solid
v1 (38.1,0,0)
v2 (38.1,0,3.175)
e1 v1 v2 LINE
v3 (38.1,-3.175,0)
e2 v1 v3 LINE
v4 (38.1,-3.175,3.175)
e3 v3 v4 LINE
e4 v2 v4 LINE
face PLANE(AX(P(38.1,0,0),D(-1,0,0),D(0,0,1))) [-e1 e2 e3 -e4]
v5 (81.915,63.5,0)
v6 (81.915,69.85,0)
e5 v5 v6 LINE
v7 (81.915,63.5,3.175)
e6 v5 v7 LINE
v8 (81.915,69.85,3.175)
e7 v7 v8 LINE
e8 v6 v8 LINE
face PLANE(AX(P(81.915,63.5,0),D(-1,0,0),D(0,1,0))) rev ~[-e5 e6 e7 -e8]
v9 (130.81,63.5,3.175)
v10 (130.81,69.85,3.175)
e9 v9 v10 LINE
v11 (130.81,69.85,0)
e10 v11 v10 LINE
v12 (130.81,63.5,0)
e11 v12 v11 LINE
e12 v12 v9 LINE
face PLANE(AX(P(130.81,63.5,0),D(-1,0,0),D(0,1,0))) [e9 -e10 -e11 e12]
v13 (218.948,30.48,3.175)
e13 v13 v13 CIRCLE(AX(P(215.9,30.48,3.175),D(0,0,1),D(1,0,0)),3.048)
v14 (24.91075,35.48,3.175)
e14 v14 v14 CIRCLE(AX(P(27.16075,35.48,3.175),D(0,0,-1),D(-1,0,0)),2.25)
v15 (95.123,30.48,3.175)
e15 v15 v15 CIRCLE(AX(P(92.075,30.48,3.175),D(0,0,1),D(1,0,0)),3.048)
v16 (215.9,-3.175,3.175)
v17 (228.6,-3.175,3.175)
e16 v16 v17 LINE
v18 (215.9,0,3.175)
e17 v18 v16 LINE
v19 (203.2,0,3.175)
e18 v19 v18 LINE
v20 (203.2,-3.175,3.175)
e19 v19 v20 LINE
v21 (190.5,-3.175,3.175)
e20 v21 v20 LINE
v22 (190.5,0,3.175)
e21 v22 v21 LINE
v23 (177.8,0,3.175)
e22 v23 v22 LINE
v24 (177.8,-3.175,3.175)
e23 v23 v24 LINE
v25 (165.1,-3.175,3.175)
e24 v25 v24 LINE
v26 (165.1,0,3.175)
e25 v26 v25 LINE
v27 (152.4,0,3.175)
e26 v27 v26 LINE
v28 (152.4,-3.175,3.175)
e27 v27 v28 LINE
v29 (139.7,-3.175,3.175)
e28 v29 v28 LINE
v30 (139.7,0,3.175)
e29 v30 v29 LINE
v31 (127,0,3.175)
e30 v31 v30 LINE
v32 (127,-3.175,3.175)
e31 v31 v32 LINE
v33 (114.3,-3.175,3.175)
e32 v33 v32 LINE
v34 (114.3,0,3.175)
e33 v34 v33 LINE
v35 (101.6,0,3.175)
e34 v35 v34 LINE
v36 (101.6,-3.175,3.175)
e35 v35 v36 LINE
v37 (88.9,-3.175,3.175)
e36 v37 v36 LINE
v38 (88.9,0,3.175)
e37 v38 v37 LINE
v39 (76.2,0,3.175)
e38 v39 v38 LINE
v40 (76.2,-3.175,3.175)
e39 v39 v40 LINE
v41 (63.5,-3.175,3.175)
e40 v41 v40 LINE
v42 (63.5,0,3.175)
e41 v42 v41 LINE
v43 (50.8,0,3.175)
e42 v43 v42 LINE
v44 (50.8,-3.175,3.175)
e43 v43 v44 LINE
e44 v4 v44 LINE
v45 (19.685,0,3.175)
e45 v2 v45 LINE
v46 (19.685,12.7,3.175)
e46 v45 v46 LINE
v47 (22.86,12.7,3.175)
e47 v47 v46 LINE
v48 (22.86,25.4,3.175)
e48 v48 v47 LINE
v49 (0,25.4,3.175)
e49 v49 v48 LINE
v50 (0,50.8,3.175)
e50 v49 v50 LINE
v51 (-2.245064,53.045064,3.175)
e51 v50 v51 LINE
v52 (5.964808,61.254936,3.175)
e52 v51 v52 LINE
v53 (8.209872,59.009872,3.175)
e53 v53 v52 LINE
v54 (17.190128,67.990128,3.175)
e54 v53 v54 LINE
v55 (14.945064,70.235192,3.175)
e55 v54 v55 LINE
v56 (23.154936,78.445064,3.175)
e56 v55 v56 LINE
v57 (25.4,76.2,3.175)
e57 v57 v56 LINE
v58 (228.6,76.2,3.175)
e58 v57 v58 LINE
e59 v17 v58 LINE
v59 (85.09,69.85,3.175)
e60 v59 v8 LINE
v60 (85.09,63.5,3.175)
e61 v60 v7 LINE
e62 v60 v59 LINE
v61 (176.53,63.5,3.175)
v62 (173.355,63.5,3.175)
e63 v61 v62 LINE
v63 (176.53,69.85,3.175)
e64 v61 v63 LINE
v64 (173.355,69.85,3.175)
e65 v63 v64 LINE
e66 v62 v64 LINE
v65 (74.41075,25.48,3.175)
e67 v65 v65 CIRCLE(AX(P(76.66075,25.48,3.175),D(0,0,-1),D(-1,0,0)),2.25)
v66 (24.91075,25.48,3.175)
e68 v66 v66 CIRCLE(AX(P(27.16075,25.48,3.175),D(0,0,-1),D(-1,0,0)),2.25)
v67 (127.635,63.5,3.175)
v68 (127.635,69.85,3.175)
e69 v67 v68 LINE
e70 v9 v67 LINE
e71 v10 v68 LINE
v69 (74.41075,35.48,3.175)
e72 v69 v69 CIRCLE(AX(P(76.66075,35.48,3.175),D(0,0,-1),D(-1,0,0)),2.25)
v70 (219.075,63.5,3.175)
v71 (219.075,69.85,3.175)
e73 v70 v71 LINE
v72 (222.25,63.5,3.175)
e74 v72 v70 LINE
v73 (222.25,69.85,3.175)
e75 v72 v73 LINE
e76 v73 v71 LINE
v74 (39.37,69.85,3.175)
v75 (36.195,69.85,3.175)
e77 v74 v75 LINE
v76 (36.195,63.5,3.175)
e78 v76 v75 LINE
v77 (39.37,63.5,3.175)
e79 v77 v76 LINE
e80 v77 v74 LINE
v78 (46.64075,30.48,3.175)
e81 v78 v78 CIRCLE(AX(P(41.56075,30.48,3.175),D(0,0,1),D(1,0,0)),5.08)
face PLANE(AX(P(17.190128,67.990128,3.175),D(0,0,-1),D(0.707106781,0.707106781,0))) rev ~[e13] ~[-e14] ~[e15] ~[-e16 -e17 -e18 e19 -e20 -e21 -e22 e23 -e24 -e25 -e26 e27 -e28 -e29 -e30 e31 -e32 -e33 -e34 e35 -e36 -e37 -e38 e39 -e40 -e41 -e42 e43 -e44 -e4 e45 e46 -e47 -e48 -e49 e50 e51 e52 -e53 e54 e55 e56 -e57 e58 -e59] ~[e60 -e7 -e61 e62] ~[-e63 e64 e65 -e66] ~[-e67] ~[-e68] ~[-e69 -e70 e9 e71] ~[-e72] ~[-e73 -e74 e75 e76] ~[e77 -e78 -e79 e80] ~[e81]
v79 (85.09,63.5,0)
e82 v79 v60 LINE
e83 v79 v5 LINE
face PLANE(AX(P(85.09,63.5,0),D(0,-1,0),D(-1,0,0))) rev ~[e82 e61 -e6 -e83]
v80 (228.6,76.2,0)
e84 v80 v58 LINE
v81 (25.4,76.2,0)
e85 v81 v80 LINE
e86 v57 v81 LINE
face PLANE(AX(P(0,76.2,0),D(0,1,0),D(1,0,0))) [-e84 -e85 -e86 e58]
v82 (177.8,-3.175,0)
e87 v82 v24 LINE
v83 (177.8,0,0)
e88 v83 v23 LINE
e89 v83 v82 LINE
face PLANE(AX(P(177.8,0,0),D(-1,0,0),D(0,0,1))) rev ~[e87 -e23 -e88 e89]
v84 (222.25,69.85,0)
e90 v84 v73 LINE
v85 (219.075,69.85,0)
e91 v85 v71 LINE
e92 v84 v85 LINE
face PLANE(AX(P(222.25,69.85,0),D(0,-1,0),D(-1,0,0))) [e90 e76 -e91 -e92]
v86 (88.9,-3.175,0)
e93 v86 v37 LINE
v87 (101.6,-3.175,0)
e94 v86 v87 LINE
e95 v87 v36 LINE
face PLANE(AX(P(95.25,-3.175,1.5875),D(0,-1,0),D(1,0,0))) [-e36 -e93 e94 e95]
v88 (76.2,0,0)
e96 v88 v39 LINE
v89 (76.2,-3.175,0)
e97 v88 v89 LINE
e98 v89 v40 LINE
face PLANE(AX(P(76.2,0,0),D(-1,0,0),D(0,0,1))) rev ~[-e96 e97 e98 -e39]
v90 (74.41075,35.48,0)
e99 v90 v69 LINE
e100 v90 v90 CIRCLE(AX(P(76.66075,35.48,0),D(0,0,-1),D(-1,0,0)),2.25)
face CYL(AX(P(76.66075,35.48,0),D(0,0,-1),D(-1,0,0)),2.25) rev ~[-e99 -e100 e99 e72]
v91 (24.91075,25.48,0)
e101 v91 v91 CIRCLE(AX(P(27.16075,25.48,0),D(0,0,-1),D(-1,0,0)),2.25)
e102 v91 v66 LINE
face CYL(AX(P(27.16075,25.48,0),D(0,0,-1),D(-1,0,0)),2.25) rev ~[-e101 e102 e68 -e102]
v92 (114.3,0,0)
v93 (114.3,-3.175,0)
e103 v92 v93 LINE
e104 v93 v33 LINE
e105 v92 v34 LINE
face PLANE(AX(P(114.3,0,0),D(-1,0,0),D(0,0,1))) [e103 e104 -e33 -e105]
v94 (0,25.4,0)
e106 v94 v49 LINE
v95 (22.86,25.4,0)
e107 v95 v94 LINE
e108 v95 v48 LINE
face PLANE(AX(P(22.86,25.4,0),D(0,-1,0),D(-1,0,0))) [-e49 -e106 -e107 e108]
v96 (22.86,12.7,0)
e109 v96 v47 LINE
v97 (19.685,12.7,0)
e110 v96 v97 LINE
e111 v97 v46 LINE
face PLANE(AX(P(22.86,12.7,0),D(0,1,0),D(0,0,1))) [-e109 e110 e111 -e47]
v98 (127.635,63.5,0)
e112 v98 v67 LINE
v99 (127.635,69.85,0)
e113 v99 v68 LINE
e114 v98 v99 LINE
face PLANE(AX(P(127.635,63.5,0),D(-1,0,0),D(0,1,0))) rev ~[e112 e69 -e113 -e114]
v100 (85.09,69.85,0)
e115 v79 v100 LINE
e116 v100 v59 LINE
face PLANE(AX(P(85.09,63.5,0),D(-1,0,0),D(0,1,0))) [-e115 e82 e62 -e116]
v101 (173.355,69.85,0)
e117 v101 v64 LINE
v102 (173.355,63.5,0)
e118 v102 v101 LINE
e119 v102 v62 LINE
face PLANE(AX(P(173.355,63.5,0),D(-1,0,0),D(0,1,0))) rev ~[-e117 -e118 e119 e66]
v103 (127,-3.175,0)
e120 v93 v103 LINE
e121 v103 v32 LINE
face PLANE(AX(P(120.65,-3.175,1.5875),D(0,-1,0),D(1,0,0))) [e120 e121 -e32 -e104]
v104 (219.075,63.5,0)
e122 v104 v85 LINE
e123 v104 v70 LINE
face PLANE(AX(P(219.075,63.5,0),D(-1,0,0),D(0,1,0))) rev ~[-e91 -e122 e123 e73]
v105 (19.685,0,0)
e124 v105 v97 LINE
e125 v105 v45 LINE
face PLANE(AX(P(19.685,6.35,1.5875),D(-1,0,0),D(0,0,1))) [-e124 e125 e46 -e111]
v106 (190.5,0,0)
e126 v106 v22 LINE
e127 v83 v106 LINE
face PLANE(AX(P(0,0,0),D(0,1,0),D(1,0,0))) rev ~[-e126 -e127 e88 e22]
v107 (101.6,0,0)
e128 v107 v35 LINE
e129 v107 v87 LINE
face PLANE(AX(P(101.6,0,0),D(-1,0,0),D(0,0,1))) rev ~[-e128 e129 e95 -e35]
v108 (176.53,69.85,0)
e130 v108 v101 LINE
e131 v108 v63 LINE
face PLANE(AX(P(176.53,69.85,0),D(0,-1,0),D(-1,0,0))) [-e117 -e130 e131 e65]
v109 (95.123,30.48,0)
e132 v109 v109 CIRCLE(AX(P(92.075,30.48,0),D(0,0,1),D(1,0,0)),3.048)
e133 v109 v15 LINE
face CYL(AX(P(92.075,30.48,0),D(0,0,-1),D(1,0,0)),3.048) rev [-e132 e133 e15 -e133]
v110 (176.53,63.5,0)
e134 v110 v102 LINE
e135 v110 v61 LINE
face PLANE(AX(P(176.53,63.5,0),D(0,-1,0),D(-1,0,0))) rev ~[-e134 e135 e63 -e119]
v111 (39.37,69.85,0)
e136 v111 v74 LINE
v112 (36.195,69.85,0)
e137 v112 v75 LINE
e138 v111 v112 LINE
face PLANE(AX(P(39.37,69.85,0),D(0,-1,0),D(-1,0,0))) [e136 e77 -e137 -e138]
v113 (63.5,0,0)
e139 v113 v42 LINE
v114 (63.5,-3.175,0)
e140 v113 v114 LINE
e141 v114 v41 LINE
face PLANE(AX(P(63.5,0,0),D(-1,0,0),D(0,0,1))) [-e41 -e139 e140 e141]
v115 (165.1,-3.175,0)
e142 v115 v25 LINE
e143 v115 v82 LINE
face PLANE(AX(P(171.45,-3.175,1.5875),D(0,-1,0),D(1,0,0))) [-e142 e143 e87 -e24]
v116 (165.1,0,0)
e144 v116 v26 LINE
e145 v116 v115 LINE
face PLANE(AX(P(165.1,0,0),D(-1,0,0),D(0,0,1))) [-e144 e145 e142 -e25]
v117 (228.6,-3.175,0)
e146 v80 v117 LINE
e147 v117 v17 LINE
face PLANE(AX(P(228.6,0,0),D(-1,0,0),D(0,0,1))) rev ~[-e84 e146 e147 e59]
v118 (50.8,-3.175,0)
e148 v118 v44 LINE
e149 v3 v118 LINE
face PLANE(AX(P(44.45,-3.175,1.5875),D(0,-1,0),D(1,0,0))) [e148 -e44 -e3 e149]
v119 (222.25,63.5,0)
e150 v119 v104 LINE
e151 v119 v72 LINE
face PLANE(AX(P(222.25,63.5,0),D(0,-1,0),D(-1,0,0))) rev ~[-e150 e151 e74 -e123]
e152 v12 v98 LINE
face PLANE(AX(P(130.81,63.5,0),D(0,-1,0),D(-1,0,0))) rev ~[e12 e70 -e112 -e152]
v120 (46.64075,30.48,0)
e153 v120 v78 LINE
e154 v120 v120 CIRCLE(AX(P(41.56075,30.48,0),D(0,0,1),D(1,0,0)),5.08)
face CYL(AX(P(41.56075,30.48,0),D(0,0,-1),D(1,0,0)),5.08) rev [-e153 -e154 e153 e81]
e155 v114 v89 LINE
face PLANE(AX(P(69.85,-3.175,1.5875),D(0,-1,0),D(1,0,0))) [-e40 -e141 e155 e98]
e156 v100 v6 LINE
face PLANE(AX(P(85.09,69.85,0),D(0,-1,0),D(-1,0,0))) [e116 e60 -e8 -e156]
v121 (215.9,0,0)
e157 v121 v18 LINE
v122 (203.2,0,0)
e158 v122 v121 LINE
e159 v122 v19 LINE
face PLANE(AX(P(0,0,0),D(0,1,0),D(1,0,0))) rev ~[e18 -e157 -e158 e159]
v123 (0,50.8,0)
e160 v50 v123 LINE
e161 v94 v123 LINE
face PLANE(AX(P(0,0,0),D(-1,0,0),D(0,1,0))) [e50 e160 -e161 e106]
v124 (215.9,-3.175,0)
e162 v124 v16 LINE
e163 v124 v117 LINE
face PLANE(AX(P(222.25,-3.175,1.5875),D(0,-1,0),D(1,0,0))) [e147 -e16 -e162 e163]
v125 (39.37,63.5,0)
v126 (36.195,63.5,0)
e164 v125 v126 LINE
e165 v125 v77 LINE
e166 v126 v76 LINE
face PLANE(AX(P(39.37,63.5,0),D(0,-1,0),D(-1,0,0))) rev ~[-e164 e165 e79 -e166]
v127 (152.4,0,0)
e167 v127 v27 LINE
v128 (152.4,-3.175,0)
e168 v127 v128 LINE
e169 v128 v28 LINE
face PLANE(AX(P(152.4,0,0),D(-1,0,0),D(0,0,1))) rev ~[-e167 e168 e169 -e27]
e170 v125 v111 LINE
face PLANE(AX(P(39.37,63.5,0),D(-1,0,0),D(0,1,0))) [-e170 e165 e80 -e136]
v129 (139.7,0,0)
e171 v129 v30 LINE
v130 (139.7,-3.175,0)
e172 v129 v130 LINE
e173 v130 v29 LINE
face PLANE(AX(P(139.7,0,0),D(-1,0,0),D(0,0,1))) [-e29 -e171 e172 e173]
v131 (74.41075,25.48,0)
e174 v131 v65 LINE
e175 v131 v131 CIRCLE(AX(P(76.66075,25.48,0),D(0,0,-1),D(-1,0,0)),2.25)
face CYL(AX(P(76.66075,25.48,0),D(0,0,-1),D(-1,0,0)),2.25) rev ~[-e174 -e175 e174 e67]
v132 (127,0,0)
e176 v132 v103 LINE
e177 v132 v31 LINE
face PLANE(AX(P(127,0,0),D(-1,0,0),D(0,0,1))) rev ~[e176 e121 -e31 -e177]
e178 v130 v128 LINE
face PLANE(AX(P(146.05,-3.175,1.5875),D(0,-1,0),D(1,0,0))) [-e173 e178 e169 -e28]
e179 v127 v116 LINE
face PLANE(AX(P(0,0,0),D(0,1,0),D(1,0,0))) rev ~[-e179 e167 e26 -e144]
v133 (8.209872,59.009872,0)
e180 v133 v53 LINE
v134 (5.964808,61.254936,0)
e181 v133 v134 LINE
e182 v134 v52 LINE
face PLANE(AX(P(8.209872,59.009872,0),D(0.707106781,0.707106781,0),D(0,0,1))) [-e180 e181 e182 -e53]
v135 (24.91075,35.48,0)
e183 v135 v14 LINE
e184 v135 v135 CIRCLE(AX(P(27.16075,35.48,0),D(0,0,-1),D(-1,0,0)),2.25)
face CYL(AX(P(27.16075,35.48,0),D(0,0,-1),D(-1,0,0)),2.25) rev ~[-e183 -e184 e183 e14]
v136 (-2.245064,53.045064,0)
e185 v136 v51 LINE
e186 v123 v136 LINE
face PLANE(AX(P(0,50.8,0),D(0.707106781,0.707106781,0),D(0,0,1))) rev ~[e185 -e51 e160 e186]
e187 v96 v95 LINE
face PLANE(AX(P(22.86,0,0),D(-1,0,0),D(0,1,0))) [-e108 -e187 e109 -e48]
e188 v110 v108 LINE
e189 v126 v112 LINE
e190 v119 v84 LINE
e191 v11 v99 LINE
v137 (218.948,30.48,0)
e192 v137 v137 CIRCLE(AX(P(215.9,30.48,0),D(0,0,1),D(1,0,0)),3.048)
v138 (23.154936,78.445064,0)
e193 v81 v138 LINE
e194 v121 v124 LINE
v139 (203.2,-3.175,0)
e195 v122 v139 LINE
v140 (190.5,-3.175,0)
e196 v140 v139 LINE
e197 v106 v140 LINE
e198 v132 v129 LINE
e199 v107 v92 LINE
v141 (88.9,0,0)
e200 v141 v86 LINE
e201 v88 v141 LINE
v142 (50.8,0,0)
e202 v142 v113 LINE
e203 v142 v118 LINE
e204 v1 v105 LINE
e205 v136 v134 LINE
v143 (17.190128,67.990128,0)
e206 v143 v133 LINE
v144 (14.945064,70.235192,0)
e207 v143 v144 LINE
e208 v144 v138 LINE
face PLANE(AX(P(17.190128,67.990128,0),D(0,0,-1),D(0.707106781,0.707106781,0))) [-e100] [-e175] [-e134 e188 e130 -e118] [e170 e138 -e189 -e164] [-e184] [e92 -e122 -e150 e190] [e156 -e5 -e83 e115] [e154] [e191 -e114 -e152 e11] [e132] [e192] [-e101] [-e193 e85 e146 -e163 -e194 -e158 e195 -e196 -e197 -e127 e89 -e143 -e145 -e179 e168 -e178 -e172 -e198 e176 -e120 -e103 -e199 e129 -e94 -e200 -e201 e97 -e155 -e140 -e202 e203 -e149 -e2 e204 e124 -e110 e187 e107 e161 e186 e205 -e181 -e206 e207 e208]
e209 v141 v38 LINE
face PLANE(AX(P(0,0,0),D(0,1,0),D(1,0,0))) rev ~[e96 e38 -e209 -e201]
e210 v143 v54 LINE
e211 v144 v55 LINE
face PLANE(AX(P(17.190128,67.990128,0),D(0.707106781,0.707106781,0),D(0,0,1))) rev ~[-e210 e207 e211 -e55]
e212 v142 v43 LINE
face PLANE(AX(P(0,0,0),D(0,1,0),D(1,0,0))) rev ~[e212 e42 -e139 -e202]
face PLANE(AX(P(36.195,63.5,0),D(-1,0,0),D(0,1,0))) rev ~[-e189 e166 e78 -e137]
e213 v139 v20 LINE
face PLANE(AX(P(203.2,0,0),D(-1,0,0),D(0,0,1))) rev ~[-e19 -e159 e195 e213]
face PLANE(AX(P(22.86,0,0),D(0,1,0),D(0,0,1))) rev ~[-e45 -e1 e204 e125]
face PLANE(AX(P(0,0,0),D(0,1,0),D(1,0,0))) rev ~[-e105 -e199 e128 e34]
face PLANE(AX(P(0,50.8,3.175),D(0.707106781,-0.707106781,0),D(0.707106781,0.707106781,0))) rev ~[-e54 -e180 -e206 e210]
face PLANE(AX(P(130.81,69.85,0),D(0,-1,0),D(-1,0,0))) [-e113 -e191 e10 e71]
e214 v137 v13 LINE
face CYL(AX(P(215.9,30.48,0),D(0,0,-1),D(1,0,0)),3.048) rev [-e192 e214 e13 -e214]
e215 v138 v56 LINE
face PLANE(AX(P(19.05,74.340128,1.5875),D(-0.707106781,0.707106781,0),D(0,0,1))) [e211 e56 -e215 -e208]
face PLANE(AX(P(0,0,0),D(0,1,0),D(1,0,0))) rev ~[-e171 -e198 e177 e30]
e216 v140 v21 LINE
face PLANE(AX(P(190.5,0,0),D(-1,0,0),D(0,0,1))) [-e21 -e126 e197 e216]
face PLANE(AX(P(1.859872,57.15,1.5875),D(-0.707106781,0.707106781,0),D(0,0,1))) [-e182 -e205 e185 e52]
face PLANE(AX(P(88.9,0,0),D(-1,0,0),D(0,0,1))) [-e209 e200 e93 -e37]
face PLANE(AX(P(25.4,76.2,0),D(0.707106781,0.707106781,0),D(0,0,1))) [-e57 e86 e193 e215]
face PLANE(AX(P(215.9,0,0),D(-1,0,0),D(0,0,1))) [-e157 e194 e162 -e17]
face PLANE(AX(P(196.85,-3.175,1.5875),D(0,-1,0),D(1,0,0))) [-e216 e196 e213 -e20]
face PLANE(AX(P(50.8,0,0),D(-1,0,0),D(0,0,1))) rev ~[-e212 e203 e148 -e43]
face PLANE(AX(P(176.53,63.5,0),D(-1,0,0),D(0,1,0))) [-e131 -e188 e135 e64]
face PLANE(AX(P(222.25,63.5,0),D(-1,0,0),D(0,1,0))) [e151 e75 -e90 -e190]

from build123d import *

# Parameters (mm, degrees)
SKETCH1_W           = 228.6
SKETCH1_H           = 76.2
SKETCH1_R           = 3.048
SKETCH1_R_2         = 5.08
BOSS_EXTRUDE1_DEPTH = 3.175
SKETCH2_W           = 12.7
SKETCH2_H           = 3.175
BOSS_EXTRUDE2_DEPTH = 3.175
SKETCH3_W           = 22.86
SKETCH3_H           = 25.4
CUT_EXTRUDE1_DEPTH  = 4.175
SKETCH4_W           = 3.175
SKETCH4_H           = 12.7
BOSS_EXTRUDE3_DEPTH = 3.175
SKETCH6_R           = 2.25
CUT_EXTRUDE2_DEPTH  = 4.175
CUT_EXTRUDE3_DEPTH  = 4.175
SKETCH12_W          = 3.175
SKETCH12_H          = 6.35
CUT_EXTRUDE5_DEPTH  = 3.175
SKETCH13_W          = 3.175
SKETCH13_H          = 11.610512243
SKETCH13_H_2        = 11.610512242
BOSS_EXTRUDE5_DEPTH = 3.175


with BuildPart() as part:
    # Sketch1 → Boss-Extrude1 (new body)
    with BuildSketch(Plane.XY):
        with Locations((114.3, 38.1)):
            Rectangle(SKETCH1_W, SKETCH1_H)
        with Locations((215.9, 30.48)):
            Circle(SKETCH1_R, mode=Mode.SUBTRACT)
        with Locations((92.075, 30.48)):
            Circle(SKETCH1_R, mode=Mode.SUBTRACT)
        with Locations((41.56075, 30.48)):
            Circle(SKETCH1_R_2, mode=Mode.SUBTRACT)
    extrude(amount=BOSS_EXTRUDE1_DEPTH)

    # Sketch2 → Boss-Extrude2 (add)
    with BuildSketch(Plane.XZ):
        with Locations((222.25, 1.5875)):
            Rectangle(SKETCH2_W, SKETCH2_H)
        with Locations((196.85, 1.5875)):
            Rectangle(SKETCH2_W, SKETCH2_H)
        with Locations((171.45, 1.5875)):
            Rectangle(SKETCH2_W, SKETCH2_H)
        with Locations((146.05, 1.5875)):
            Rectangle(SKETCH2_W, SKETCH2_H)
        with Locations((120.65, 1.5875)):
            Rectangle(SKETCH2_W, SKETCH2_H)
        with Locations((95.25, 1.5875)):
            Rectangle(SKETCH2_W, SKETCH2_H)
        with Locations((69.85, 1.5875)):
            Rectangle(SKETCH2_W, SKETCH2_H)
        with Locations((44.45, 1.5875)):
            Rectangle(SKETCH2_W, SKETCH2_H)
    extrude(amount=BOSS_EXTRUDE2_DEPTH)

    # Sketch3 → Cut-Extrude1 (cut, through all)
    with BuildSketch(Plane(origin=(0, 0, 0), x_dir=(-1, 0, 0), z_dir=(0, 0, -1))):
        with Locations((-11.43, 12.7)):
            Rectangle(SKETCH3_W, SKETCH3_H)
    extrude(amount=-CUT_EXTRUDE1_DEPTH, mode=Mode.SUBTRACT)

    # Sketch4 → Boss-Extrude3 (add)
    with BuildSketch(Plane.ZY.offset(-22.86)):
        with Locations((1.5875, 6.35)):
            Rectangle(SKETCH4_W, SKETCH4_H)
    extrude(amount=BOSS_EXTRUDE3_DEPTH)

    # Sketch6 → Cut-Extrude2 (cut, through all)
    with BuildSketch(Plane(origin=(0, 0, 0), x_dir=(-1, 0, 0), z_dir=(0, 0, -1))):
        with Locations((-27.16075, 35.48)):
            Circle(SKETCH6_R)
        with Locations((-27.16075, 25.48)):
            Circle(SKETCH6_R)
        with Locations((-76.66075, 35.48)):
            Circle(SKETCH6_R)
        with Locations((-76.66075, 25.48)):
            Circle(SKETCH6_R)
    extrude(amount=-CUT_EXTRUDE2_DEPTH, mode=Mode.SUBTRACT)

    # Sketch8 → Cut-Extrude3 (cut, through all)
    with BuildSketch(Plane.XY.offset(3.175)):
        Polygon((25.4, 76.2), (0, 76.2), (0, 50.8), align=None)
    extrude(amount=-CUT_EXTRUDE3_DEPTH, mode=Mode.SUBTRACT)

    # Sketch12 → Cut-Extrude5 (cut)
    with BuildSketch(Plane(origin=(0, 0, 0), x_dir=(-1, 0, 0), z_dir=(0, 0, -1))):
        with Locations((-220.6625, 66.675)):
            Rectangle(SKETCH12_W, SKETCH12_H)
        with Locations((-174.9425, 66.675)):
            Rectangle(SKETCH12_W, SKETCH12_H)
        with Locations((-129.2225, 66.675)):
            Rectangle(SKETCH12_W, SKETCH12_H)
        with Locations((-83.5025, 66.675)):
            Rectangle(SKETCH12_W, SKETCH12_H)
        with Locations((-37.7825, 66.675)):
            Rectangle(SKETCH12_W, SKETCH12_H)
    extrude(amount=-CUT_EXTRUDE5_DEPTH, mode=Mode.SUBTRACT)

    # Sketch13 → Boss-Extrude5 (add)
    with BuildSketch(Plane(origin=(-25.4, 25.4, 0), x_dir=(0, 0, 1), z_dir=(-0.707106781, 0.707106781, 0))):
        with Locations((1.5875, 66.036792848)):
            Rectangle(SKETCH13_W, SKETCH13_H)
        with Locations((1.5875, 41.726280605)):
            Rectangle(SKETCH13_W, SKETCH13_H_2)
    extrude(amount=BOSS_EXTRUDE5_DEPTH)


solid = part.part
